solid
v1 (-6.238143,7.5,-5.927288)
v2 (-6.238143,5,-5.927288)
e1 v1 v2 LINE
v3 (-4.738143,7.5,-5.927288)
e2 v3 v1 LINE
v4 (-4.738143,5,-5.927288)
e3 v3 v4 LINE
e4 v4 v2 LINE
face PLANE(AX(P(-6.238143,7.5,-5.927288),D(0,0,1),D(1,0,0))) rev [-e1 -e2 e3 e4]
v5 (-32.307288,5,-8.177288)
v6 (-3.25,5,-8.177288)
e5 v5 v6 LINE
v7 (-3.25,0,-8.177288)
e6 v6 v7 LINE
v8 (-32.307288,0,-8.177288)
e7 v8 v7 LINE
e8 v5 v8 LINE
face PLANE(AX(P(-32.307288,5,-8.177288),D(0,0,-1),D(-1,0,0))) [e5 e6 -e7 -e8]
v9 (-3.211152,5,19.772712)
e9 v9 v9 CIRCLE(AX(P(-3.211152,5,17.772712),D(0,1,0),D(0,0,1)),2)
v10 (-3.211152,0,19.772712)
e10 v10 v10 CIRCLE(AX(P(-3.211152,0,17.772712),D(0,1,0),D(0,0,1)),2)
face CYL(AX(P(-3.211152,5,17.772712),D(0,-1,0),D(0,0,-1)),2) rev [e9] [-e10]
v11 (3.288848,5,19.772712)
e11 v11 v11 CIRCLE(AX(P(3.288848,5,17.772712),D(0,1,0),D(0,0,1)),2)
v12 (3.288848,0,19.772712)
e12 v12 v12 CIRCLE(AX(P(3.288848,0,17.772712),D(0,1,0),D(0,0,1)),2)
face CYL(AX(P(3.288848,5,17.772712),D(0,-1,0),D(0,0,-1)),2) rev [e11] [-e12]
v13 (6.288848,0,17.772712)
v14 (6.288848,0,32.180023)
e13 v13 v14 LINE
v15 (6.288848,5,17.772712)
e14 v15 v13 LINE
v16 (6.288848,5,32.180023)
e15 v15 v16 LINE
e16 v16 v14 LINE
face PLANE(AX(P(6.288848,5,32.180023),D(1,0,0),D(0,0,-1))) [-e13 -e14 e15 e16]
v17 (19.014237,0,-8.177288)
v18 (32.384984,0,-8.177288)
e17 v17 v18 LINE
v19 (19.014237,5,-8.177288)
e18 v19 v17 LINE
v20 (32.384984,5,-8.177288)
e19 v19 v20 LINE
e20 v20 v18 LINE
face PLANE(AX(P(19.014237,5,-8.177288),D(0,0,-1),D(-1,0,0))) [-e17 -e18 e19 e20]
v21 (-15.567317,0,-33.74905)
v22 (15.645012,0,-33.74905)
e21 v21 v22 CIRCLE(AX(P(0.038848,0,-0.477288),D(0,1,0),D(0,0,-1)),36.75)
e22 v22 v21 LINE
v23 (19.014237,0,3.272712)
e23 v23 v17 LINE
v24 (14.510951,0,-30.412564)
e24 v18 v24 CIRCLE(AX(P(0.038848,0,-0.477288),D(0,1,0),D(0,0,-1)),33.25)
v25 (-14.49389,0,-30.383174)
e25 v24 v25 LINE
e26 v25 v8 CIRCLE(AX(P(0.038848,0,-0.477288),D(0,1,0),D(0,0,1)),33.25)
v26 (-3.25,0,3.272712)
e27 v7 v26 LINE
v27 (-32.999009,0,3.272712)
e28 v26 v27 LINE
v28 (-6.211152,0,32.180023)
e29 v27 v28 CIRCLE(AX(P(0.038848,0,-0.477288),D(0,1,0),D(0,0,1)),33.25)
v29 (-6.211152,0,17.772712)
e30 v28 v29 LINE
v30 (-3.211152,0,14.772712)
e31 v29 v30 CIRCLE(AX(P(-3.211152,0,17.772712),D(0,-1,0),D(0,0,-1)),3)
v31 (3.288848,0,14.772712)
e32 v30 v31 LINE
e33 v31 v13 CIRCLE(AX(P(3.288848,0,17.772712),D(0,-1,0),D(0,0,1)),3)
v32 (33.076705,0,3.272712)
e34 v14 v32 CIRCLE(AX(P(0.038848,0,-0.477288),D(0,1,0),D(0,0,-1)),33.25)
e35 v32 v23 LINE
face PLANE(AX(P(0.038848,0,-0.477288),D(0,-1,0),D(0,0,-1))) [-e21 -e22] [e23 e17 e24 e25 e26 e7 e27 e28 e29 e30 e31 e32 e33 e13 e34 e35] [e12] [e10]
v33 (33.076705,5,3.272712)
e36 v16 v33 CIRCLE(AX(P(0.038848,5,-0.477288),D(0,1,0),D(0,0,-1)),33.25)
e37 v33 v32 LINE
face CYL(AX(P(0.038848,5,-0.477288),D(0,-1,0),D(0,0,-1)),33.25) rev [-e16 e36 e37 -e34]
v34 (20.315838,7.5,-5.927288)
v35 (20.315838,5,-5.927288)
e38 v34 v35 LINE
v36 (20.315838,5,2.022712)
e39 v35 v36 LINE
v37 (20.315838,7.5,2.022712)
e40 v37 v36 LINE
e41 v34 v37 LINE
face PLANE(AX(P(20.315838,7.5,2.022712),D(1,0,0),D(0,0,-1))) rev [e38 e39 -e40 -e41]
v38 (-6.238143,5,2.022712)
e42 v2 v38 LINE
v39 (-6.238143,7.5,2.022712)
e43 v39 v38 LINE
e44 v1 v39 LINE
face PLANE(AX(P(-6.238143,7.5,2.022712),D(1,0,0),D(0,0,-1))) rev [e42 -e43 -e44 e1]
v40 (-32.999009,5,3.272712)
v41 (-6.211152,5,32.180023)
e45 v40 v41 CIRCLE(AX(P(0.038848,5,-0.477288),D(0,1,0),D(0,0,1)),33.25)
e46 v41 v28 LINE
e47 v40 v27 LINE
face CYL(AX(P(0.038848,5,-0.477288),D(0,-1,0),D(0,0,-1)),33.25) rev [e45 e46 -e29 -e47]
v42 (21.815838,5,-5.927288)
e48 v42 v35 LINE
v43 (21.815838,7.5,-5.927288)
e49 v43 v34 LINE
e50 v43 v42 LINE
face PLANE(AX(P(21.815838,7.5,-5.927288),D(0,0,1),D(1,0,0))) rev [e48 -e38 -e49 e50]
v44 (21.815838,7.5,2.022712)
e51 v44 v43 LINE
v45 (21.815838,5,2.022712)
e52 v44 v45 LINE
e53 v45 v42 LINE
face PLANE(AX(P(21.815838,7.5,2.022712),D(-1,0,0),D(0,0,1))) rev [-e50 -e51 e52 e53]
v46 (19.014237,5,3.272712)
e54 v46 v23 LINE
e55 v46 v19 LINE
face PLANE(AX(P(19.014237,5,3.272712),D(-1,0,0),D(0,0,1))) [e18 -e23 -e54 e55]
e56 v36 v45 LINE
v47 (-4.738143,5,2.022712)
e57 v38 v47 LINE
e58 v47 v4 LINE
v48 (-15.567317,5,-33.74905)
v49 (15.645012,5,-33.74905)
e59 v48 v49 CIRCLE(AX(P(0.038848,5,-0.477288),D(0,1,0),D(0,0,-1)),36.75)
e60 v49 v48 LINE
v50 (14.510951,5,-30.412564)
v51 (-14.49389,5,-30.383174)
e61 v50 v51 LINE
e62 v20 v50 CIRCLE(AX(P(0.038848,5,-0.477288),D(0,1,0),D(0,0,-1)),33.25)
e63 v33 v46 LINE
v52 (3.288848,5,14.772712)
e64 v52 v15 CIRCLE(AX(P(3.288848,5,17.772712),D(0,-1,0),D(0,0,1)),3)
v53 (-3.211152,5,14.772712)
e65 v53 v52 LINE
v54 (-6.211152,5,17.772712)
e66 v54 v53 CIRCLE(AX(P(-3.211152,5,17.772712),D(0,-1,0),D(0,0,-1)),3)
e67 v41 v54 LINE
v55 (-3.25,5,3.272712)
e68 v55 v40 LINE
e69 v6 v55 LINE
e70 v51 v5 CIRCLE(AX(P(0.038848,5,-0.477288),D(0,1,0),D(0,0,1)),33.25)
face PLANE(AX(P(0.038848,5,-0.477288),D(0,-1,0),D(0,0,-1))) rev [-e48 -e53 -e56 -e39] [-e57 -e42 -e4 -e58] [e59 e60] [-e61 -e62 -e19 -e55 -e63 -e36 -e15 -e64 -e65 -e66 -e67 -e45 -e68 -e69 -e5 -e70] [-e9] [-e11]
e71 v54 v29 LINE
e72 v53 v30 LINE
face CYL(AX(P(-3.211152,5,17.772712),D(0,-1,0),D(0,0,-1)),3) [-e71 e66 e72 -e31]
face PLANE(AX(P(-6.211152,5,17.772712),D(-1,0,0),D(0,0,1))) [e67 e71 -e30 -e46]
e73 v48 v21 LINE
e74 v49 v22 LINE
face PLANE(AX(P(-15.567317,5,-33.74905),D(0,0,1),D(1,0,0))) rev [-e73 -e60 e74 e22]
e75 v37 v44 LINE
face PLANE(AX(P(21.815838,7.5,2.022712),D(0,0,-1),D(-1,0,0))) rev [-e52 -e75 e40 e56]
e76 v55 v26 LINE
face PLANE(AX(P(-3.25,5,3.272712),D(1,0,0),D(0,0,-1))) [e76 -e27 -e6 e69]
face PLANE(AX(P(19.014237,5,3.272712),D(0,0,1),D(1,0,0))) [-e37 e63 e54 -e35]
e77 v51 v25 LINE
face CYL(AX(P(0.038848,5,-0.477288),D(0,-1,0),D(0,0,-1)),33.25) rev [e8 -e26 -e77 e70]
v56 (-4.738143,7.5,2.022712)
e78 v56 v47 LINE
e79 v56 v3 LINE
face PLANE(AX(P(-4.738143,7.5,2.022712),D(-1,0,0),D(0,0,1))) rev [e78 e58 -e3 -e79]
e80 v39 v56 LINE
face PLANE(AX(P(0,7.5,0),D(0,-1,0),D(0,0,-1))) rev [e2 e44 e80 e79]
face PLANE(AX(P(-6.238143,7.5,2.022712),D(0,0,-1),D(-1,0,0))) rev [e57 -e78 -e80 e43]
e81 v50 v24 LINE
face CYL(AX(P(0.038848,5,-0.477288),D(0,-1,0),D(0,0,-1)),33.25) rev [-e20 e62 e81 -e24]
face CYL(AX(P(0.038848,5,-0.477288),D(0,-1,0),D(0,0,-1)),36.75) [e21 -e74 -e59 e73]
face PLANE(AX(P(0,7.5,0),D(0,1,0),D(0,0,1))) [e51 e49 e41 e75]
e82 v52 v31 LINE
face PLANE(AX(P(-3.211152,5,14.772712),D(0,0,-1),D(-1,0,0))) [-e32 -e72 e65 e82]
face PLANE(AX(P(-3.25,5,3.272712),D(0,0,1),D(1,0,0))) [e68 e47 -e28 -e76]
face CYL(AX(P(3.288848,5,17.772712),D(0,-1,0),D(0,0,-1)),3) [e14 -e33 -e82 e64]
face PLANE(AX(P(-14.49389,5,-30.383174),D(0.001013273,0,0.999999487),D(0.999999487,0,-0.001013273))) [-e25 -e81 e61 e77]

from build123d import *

# Parameters (mm, degrees)
SKETCH1_R           = 2
BOSS_EXTRUDE1_DEPTH = 5
SKETCH4_W           = 1.5
SKETCH4_H           = 7.95
BOSS_EXTRUDE2_DEPTH = 2.5


with BuildPart() as part:
    # Sketch1 → Boss-Extrude1 (new body)
    with BuildSketch(Plane(origin=(0, 0, 0), x_dir=(1, 0, 0), z_dir=(0, 1, 0))):
        with BuildLine():
            Line((-15.567316533, 33.749050158), (15.645012234, 33.749050158))
            ThreePointArc((15.645012234, 33.749050158), (0.03884785, -36.272711642), (-15.567316533, 33.749050158))
        make_face()
        with Locations(Location((-3.21115215, -17.772711642, 0), (0, 0, 270))):
            Circle(SKETCH1_R, mode=Mode.SUBTRACT)
        with Locations(Location((3.28884785, -17.772711642, 0), (0, 0, 270))):
            Circle(SKETCH1_R, mode=Mode.SUBTRACT)
        with BuildLine():
            Line((-14.493890345, 30.38317441), (14.510950609, 30.412564234))
            ThreePointArc((14.510950609, 30.412564234), (25.953877048, 21.309325265), (32.384983632, 8.177288358))
            Line((32.384983632, 8.177288358), (19.014237034, 8.177288358))
            Line((19.014237034, 8.177288358), (19.014237034, -3.272711642))
            Line((19.014237034, -3.272711642), (33.076704924, -3.272711642))
            ThreePointArc((33.076704924, -3.272711642), (24.427207658, -22.122941859), (6.28884785, -32.180023227))
            Line((6.28884785, -32.180023227), (6.28884785, -17.772711642))
            ThreePointArc((6.28884785, -17.772711642), (5.410168194, -15.651391298), (3.28884785, -14.772711642))
            Line((3.28884785, -14.772711642), (-3.21115215, -14.772711642))
            ThreePointArc((-3.21115215, -14.772711642), (-5.332472493, -15.651391298), (-6.21115215, -17.772711642))
            Line((-6.21115215, -17.772711642), (-6.21115215, -32.180023227))
            ThreePointArc((-6.21115215, -32.180023227), (-24.349511958, -22.122941859), (-32.999009223, -3.272711642))
            Line((-32.999009223, -3.272711642), (-3.25, -3.272711642))
            Line((-3.25, -3.272711642), (-3.25, 8.177288358))
            Line((-3.25, 8.177288358), (-32.307287931, 8.177288358))
            ThreePointArc((-32.307287931, 8.177288358), (-25.897276574, 21.283055583), (-14.493890345, 30.38317441))
        make_face(mode=Mode.SUBTRACT)
    extrude(amount=BOSS_EXTRUDE1_DEPTH)

    # Sketch4 → Boss-Extrude2 (add)
    with BuildSketch(Plane(origin=(0, 5, 0), x_dir=(1, 0, 0), z_dir=(0, 1, 0))):
        with Locations((21.065838417, 1.952288358)):
            Rectangle(SKETCH4_W, SKETCH4_H)
        with Locations((-5.488142716, 1.952288358)):
            Rectangle(SKETCH4_W, SKETCH4_H)
    extrude(amount=BOSS_EXTRUDE2_DEPTH)


solid = part.part
